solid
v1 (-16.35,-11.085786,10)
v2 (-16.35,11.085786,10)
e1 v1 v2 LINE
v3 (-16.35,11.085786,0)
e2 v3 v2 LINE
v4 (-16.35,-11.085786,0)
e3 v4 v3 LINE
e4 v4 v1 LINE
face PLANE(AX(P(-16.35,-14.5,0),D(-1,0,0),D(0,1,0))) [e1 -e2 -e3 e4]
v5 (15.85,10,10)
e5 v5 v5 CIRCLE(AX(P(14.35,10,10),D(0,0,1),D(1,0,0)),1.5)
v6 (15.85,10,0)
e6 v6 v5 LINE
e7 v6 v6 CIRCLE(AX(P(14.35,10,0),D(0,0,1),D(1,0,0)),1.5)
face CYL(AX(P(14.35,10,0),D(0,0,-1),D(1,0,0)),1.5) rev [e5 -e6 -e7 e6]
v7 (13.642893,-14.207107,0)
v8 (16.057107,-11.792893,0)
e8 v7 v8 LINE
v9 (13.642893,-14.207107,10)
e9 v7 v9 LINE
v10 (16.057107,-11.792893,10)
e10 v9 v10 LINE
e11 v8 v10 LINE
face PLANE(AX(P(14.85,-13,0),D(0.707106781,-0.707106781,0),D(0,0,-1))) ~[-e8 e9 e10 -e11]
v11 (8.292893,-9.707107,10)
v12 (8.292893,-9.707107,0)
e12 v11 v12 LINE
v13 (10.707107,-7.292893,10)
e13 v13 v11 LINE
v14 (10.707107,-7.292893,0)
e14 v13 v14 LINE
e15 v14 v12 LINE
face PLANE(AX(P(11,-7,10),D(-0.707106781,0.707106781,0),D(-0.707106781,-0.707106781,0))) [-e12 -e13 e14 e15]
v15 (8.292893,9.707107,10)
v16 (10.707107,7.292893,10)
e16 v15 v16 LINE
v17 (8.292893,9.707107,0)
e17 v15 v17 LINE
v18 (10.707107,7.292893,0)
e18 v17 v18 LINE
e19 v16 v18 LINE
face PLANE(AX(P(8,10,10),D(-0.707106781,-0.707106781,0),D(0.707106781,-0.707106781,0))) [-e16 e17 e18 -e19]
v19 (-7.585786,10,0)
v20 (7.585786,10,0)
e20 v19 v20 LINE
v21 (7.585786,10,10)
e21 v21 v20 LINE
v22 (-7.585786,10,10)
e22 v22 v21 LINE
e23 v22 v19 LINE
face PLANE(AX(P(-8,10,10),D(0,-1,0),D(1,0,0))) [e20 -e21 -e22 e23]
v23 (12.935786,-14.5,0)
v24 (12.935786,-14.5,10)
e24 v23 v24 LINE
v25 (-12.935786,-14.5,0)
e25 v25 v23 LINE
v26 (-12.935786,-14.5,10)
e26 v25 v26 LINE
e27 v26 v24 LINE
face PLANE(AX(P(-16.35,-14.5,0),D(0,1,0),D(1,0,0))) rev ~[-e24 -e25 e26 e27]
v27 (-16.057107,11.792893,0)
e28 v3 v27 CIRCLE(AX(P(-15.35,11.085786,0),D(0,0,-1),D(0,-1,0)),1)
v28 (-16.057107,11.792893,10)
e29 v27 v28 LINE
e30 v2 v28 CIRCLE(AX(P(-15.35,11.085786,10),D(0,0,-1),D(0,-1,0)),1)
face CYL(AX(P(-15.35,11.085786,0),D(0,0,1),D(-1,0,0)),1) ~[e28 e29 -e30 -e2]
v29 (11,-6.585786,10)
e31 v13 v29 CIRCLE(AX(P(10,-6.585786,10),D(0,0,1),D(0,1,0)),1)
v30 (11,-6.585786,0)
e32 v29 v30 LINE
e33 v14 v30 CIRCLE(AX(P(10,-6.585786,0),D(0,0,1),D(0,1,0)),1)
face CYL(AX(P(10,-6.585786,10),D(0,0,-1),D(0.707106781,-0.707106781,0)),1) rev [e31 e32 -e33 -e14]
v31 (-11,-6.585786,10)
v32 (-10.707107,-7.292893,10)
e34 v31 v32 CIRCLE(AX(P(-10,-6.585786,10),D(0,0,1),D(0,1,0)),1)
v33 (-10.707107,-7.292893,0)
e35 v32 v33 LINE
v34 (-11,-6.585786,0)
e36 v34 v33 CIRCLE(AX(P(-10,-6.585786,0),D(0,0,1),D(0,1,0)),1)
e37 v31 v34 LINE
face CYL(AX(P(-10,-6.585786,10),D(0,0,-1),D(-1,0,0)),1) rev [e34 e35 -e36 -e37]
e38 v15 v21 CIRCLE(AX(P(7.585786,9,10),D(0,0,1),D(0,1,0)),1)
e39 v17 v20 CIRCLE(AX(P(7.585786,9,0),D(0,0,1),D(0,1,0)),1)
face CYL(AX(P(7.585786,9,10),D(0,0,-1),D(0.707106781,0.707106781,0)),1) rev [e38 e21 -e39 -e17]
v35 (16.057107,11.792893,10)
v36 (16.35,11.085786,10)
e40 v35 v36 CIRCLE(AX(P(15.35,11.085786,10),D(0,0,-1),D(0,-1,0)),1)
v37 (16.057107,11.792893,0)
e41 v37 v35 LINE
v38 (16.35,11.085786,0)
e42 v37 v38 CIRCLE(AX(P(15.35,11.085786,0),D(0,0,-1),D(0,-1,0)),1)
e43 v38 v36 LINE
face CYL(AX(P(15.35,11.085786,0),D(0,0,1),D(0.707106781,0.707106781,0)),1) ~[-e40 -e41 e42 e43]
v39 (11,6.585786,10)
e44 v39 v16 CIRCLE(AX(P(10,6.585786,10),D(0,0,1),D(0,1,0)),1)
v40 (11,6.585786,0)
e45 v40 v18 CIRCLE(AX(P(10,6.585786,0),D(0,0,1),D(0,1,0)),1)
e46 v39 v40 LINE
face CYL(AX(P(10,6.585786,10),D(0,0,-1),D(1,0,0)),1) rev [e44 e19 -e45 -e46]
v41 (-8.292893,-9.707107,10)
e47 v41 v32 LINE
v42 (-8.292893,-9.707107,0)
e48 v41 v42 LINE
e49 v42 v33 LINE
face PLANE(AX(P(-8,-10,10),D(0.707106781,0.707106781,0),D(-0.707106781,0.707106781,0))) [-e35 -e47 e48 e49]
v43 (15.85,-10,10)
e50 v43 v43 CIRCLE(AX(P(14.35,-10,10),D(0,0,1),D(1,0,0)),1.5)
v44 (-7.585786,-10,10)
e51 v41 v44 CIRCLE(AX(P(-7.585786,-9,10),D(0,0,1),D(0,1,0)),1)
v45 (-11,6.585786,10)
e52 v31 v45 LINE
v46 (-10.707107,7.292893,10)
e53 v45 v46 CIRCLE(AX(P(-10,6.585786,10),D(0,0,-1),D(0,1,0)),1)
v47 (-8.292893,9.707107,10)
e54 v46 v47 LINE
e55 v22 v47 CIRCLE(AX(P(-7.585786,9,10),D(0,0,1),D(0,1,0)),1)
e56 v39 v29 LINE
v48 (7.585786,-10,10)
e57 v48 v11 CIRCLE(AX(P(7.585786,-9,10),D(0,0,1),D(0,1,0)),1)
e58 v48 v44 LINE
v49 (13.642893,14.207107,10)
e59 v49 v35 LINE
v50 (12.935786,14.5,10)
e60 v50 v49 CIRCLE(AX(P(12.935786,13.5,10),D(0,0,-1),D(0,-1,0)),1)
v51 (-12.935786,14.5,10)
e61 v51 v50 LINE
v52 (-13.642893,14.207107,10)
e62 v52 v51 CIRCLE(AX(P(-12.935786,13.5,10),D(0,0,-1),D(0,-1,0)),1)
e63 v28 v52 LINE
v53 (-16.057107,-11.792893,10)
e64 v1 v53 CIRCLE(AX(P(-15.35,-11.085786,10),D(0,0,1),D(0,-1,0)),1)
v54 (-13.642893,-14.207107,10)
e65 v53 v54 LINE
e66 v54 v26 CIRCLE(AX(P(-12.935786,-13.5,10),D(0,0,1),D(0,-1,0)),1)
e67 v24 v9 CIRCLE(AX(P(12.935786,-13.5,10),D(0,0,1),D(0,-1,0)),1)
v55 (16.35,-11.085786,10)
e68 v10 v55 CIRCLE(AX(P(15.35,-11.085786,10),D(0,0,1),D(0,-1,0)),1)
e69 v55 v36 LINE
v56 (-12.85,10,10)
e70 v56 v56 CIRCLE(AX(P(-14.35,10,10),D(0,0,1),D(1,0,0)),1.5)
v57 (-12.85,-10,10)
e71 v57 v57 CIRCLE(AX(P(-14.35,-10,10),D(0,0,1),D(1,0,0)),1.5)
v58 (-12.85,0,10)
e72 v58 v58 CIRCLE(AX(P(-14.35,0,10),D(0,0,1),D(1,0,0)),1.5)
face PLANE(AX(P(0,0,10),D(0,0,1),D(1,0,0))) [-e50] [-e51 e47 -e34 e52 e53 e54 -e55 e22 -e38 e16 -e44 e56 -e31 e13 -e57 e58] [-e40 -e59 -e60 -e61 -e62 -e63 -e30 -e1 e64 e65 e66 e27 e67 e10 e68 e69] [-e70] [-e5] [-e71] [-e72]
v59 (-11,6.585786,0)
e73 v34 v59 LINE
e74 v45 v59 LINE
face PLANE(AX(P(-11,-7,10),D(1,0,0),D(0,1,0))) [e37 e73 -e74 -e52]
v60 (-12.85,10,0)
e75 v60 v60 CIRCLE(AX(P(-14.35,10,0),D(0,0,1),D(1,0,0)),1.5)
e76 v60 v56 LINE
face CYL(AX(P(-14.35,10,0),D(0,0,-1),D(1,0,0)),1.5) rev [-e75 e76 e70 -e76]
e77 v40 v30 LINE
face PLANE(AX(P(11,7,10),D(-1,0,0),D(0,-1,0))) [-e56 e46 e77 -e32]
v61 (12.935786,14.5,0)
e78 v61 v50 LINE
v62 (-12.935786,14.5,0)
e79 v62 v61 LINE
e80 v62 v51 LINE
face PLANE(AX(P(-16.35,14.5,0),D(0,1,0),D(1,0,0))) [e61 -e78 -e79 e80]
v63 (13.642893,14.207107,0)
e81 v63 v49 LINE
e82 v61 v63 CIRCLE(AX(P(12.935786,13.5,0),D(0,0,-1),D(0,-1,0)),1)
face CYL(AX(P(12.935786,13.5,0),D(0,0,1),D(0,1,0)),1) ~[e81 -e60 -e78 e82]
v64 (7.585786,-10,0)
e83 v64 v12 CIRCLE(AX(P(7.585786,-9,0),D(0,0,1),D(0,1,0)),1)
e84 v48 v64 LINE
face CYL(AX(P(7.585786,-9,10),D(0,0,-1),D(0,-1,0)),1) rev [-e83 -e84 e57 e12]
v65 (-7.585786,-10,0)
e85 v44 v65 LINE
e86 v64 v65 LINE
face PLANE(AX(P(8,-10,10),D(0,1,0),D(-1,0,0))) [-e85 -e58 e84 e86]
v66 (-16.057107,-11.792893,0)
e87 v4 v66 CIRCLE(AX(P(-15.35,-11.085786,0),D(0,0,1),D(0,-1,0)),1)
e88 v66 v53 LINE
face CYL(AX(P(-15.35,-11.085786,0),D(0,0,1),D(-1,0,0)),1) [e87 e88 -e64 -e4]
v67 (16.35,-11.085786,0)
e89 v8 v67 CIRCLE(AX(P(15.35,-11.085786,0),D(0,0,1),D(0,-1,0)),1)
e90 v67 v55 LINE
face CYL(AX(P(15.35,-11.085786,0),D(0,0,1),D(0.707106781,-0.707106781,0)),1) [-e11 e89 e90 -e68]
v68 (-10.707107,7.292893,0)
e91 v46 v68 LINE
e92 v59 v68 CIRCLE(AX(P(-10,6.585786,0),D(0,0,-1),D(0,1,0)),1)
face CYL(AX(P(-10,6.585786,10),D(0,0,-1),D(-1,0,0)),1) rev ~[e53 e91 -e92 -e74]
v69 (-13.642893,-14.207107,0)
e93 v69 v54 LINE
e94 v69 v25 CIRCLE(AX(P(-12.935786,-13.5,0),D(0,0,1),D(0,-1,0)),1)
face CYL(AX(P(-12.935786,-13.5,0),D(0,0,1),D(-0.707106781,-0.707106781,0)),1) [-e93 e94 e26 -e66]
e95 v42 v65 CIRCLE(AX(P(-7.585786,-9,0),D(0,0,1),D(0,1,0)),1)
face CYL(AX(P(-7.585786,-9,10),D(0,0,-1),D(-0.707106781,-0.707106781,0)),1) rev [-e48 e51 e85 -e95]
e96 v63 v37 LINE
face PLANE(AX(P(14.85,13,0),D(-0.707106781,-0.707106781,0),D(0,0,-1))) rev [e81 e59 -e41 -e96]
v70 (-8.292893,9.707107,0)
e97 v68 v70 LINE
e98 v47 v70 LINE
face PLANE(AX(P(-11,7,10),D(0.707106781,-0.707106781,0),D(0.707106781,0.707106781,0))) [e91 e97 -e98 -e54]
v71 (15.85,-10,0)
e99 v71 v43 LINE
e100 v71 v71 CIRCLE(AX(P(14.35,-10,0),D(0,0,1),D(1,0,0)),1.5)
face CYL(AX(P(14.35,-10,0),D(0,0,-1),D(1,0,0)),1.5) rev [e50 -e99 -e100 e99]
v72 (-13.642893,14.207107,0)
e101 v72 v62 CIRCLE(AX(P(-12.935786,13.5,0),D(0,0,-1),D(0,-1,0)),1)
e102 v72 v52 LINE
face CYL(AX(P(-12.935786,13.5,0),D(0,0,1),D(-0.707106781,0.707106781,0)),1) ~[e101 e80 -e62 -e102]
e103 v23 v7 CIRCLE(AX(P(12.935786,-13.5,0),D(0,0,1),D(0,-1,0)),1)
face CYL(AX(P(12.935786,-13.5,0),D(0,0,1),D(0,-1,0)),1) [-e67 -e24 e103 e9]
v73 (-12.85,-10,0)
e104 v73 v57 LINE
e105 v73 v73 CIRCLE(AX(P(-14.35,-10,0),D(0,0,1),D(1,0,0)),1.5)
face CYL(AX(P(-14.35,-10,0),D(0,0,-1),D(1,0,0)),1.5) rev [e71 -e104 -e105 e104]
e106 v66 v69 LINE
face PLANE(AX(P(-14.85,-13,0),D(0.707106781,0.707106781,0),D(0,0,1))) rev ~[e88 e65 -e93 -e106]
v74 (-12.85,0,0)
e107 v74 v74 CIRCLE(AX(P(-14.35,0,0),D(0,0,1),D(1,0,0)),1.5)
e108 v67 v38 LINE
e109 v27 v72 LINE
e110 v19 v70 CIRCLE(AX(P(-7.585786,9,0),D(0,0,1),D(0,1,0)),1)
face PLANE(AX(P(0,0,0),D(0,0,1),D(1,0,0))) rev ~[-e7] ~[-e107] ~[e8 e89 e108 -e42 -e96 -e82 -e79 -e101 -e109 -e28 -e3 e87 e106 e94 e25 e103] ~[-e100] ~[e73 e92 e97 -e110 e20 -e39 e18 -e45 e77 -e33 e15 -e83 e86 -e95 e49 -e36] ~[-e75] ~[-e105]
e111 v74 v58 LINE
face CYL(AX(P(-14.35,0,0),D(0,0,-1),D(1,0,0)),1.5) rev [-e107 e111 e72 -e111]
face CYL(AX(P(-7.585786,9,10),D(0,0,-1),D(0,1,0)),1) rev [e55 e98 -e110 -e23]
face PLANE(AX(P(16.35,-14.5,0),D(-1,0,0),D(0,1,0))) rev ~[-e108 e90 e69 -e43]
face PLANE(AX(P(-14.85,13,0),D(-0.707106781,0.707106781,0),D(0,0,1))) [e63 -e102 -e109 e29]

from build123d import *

# Parameters (mm, degrees)
SKETCH_1_W          = 32.7
SKETCH_1_H          = 29
SKETCH_1_R          = 1.5
EXTRUDE_1_DEPTH     = 10
CHAMFER_1_SIZE      = 3
CUT_EXTRUDE_1_DEPTH = 11
FILLET_1_R          = 1


with BuildPart() as part:
    # 草图1 → 凸台-拉伸1 (new body)
    with BuildSketch(Plane.XY):
        Rectangle(SKETCH_1_W, SKETCH_1_H)
        with Locations((-14.35, -10)):
            Circle(SKETCH_1_R, mode=Mode.SUBTRACT)
        with Locations((-14.35, 10)):
            Circle(SKETCH_1_R, mode=Mode.SUBTRACT)
        with Locations((14.35, 10)):
            Circle(SKETCH_1_R, mode=Mode.SUBTRACT)
        with Locations((14.35, -10)):
            Circle(SKETCH_1_R, mode=Mode.SUBTRACT)
        with Locations((-14.35, 0)):
            Circle(SKETCH_1_R, mode=Mode.SUBTRACT)
    extrude(amount=EXTRUDE_1_DEPTH)

    # 倒角1
    chamfer_1_edges = [part.edges().sort_by_distance(p)[0] for p in [
        (16.35, -14.5, 5),
        (-16.35, -14.5, 5),
        (-16.35, 14.5, 5),
        (16.35, 14.5, 5),
    ]]
    chamfer(chamfer_1_edges, length=CHAMFER_1_SIZE)

    # 草图2 → 切除-拉伸1 (cut, through all)
    with BuildSketch(Plane.XY.offset(10)):
        Polygon((-11, 7), (-8, 10), (8, 10), (11, 7), (11, -7), (8, -10), (-8, -10), (-11, -7), align=None)
    extrude(amount=-CUT_EXTRUDE_1_DEPTH, mode=Mode.SUBTRACT)

    # 圆角1
    fillet_1_edges = [part.edges().sort_by_distance(p)[0] for p in [
        (16.35, 11.5, 5),
        (16.35, -11.5, 5),
        (-13.35, -14.5, 5),
        (13.35, -14.5, 5),
        (-13.35, 14.5, 5),
        (13.35, 14.5, 5),
        (-16.35, 11.5, 5),
        (-16.35, -11.5, 5),
        (-8, 10, 5),
        (8, 10, 5),
        (11, 7, 5),
        (11, -7, 5),
        (8, -10, 5),
        (-8, -10, 5),
        (-11, -7, 5),
        (-11, 7, 5),
    ]]
    fillet(fillet_1_edges, radius=FILLET_1_R)


solid = part.part
